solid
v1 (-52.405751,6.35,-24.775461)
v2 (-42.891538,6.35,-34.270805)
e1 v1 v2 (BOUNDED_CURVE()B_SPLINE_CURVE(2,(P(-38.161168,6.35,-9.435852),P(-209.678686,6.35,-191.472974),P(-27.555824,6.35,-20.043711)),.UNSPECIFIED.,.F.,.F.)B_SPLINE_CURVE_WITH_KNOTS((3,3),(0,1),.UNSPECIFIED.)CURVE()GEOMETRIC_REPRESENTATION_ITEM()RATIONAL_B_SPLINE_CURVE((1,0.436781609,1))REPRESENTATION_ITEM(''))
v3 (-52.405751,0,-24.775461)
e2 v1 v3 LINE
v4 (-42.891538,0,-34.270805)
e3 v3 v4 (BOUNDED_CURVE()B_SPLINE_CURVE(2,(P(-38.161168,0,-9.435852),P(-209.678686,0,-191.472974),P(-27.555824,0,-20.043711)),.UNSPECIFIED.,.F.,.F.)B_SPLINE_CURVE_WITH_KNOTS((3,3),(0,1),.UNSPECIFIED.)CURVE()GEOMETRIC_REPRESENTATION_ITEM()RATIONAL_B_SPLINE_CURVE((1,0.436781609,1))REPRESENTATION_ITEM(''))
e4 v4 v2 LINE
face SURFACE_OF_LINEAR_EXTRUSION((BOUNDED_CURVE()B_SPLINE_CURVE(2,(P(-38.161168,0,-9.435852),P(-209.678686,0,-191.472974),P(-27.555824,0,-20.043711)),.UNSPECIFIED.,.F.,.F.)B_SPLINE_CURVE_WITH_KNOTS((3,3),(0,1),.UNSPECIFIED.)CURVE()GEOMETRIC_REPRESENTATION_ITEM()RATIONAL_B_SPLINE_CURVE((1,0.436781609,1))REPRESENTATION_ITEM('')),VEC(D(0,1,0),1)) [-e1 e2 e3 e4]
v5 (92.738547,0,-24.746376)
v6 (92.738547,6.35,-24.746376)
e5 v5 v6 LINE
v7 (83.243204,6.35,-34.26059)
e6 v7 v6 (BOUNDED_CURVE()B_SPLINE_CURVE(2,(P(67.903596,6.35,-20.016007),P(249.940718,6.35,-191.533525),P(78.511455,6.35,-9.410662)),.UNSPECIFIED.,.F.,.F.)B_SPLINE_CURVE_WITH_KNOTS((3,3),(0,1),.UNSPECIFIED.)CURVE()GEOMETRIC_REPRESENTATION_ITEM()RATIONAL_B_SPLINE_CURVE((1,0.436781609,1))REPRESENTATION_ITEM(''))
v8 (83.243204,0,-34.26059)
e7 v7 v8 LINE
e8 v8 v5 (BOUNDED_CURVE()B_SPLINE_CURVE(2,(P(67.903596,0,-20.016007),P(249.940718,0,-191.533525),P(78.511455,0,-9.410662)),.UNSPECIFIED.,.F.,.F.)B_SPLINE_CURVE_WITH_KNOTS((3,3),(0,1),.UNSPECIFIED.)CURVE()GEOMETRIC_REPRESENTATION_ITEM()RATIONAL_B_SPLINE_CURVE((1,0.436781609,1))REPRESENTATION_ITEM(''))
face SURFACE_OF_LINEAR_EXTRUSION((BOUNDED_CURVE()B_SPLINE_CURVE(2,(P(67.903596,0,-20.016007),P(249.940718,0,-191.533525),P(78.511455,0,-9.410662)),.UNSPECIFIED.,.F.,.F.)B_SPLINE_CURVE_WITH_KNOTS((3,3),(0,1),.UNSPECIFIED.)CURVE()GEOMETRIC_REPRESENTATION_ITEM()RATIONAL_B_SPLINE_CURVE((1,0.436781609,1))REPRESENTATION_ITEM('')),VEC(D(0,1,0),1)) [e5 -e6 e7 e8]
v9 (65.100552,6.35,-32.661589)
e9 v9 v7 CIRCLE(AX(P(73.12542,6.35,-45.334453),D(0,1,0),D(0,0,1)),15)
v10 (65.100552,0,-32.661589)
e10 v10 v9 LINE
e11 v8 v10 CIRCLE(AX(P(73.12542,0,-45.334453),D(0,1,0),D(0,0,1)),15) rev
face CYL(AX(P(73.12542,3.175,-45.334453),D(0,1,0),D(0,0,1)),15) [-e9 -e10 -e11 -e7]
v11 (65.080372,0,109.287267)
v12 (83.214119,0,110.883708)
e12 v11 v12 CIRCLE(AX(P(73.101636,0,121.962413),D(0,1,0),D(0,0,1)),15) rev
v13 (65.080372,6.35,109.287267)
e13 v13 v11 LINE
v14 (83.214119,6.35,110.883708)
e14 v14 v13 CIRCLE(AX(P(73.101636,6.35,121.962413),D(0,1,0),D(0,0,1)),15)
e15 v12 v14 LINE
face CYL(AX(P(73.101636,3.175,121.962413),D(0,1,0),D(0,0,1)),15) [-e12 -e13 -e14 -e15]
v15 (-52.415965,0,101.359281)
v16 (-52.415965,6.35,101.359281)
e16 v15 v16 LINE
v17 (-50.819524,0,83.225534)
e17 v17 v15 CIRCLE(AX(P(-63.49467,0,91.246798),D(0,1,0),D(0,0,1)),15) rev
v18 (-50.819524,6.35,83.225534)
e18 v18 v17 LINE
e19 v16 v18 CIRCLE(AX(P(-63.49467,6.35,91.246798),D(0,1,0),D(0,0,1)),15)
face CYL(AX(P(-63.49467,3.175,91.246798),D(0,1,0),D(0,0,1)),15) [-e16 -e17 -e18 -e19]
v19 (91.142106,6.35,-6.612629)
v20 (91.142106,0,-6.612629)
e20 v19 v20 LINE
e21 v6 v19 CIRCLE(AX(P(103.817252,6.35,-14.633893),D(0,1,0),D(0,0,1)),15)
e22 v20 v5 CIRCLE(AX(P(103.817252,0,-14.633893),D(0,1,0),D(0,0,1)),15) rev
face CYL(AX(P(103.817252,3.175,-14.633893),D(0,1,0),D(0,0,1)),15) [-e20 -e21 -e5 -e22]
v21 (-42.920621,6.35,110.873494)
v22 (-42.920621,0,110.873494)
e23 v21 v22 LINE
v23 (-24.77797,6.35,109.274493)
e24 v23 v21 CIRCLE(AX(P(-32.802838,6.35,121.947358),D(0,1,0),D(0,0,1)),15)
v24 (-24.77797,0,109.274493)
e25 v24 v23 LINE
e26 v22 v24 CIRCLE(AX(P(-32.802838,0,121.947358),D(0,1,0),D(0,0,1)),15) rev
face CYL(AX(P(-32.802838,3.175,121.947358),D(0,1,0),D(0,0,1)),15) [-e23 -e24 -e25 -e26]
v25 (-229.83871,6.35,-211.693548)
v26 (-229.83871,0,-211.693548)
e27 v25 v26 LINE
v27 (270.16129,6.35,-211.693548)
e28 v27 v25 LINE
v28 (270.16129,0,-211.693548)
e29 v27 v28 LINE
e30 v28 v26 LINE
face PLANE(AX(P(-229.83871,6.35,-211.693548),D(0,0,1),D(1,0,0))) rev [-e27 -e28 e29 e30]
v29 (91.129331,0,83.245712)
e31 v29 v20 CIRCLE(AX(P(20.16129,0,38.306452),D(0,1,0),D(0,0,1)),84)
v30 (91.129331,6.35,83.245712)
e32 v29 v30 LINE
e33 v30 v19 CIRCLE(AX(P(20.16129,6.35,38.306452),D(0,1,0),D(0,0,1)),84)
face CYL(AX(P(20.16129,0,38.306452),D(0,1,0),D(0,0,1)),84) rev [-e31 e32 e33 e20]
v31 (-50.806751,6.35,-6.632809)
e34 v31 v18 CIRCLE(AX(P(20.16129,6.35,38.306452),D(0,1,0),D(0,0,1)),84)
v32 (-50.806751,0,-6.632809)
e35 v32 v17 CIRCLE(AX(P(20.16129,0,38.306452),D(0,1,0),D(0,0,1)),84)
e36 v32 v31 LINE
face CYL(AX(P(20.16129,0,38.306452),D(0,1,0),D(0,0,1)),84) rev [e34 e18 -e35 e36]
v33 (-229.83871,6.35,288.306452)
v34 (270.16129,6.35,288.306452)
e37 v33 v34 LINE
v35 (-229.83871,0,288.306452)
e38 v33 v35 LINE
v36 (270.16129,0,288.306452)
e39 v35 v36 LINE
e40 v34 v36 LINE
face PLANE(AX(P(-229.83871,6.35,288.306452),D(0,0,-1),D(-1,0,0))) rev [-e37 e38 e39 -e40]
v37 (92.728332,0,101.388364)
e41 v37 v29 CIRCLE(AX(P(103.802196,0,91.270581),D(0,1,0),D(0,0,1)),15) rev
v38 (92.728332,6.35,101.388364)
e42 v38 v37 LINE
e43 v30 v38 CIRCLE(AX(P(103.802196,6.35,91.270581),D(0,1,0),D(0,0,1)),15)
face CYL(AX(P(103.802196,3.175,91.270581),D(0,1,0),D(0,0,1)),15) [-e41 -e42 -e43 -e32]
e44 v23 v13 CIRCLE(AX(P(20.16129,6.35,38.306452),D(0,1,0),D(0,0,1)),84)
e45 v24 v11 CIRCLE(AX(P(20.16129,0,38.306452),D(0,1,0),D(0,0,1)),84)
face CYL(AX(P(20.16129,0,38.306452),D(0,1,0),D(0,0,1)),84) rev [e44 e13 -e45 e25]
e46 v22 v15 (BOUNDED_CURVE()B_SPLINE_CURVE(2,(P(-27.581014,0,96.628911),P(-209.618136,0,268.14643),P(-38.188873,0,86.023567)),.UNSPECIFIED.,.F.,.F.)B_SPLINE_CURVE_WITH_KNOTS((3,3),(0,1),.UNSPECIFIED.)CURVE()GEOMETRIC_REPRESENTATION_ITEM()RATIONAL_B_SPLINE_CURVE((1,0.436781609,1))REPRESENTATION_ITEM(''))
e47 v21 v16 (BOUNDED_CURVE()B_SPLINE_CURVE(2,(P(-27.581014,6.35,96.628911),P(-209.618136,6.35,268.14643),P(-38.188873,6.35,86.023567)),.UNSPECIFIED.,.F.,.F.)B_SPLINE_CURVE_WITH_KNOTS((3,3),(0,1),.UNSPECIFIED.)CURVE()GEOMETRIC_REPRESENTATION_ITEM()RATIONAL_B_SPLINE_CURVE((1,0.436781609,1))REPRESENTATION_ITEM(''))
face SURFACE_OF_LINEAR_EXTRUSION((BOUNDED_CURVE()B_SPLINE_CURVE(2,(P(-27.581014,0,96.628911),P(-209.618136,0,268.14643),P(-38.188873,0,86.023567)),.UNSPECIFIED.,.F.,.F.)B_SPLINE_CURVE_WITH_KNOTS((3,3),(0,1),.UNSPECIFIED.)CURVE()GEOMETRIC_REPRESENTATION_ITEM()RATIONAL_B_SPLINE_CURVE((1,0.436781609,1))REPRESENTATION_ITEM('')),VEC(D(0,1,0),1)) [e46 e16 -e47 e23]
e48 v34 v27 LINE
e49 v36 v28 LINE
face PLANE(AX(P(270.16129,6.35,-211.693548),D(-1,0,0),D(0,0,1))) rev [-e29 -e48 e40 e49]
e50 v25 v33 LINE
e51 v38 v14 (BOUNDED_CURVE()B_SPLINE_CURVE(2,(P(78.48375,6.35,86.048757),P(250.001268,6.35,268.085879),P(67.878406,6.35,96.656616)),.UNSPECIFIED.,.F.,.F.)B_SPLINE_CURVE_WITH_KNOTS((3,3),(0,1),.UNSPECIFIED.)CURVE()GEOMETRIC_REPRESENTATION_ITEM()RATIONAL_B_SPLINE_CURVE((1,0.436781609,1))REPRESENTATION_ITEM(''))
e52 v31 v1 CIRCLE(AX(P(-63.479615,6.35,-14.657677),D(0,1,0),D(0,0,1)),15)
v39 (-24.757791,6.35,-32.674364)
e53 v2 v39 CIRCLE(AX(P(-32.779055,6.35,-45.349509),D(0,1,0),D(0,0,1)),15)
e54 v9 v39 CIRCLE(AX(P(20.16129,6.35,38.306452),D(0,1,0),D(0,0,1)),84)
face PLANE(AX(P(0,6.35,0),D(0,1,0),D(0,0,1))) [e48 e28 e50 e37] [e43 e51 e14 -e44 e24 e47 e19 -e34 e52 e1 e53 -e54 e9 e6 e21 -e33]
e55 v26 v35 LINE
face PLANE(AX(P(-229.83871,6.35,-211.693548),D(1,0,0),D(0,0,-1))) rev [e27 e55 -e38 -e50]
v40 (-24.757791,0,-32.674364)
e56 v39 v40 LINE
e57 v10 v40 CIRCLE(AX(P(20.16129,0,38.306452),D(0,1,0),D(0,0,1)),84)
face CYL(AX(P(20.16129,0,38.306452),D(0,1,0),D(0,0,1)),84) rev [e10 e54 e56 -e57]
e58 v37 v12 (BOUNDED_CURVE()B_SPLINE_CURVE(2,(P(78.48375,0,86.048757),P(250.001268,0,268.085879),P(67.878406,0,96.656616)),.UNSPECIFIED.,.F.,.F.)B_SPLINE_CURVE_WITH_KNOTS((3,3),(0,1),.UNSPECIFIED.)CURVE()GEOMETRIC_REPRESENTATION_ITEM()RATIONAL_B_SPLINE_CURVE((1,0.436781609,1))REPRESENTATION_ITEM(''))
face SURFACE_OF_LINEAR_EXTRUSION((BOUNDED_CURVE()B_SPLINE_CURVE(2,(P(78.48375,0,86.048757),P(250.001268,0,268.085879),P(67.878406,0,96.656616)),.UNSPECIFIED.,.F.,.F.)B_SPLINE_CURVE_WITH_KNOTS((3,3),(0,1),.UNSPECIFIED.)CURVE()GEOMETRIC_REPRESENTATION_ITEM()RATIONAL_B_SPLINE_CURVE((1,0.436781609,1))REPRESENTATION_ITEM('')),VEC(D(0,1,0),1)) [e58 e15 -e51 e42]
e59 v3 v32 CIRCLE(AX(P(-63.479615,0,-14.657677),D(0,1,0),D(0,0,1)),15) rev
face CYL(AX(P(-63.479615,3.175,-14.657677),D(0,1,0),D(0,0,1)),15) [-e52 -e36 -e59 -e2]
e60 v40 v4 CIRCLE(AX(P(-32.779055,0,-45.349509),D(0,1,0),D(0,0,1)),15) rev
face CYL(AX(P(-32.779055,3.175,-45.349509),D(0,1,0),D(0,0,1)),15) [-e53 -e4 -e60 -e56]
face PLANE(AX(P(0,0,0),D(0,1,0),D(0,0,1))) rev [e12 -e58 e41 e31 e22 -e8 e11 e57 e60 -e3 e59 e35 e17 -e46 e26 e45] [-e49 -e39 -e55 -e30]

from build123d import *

# Parameters (mm, degrees)
SKETCH1_W           = 500
SKETCH1_H           = 500
BOSS_EXTRUDE1_DEPTH = 6.35
SKETCH2_R           = 84
CUT_EXTRUDE1_DEPTH  = 6.35
CUT_EXTRUDE2_DEPTH  = 6.35
FILLET1_R           = 15


with BuildPart() as part:
    # Sketch1 → Boss-Extrude1 (new body)
    with BuildSketch(Plane(origin=(0, 0, 0), x_dir=(1, 0, 0), z_dir=(0, 1, 0))):
        with Locations((20.161290323, -38.306451613)):
            Rectangle(SKETCH1_W, SKETCH1_H)
    extrude(amount=BOSS_EXTRUDE1_DEPTH)

    # Sketch2 → Cut-Extrude1 (cut)
    with BuildSketch(Plane(origin=(0, 6.35, 0), x_dir=(1, 0, 0), z_dir=(0, 1, 0))):
        with Locations(Location((20.161290323, -38.306451613, 0), (0, 0, 270))):
            Circle(SKETCH2_R)
    extrude(amount=-CUT_EXTRUDE1_DEPTH, mode=Mode.SUBTRACT)

    # Sketch3 → Cut-Extrude2 (cut)
    with BuildSketch(Plane(origin=(0, 6.35, 0), x_dir=(1, 0, 0), z_dir=(0, 1, 0))):
        with BuildLine():
            Line((-38.161167808, 9.435852288), (-27.555823691, 20.043711457))
            add(Edge.make_bspline(
                [(-38.161167808, 9.435852288), (-209.678686167, 191.47297422), (-27.555823691, 20.043711457)],
                knots=[0, 0, 0, 1, 1, 1], degree=2, weights=[1, 0.436781609, 1]))
        make_face()
        with BuildLine():
            Line((-27.581013578, -96.628911245), (-38.188872748, -86.023567127))
            add(Edge.make_bspline(
                [(-27.581013578, -96.628911245), (-209.61813551, -268.146429603), (-38.188872748, -86.023567127)],
                knots=[0, 0, 0, 1, 1, 1], degree=2, weights=[1, 0.436781609, 1]))
        make_face()
        with BuildLine():
            Line((78.483749955, -86.048757015), (67.878405837, -96.656616184))
            add(Edge.make_bspline(
                [(78.483749955, -86.048757015), (250.001268313, -268.085878946), (67.878405837, -96.656616184)],
                knots=[0, 0, 0, 1, 1, 1], degree=2, weights=[1, 0.436781609, 1]))
        make_face()
        with BuildLine():
            Line((67.903595725, 20.016006518), (78.511454894, 9.410662401))
            add(Edge.make_bspline(
                [(67.903595725, 20.016006518), (249.940717656, 191.533524877), (78.511454894, 9.410662401)],
                knots=[0, 0, 0, 1, 1, 1], degree=2, weights=[1, 0.436781609, 1]))
        make_face()
    extrude(amount=-CUT_EXTRUDE2_DEPTH, mode=Mode.SUBTRACT)

    # Fillet1
    fillet1_edges = [part.edges().sort_by_distance(p)[0] for p in [
        (-33.927432607, 3.175, 102.574717902),
        (-44.128484725, 3.175, 92.369607499),
        (84.429555949, 3.175, 92.395175331),
        (74.224445361, 3.175, 102.596227373),
        (-44.106975254, 3.175, -15.782272163),
        (-33.901864775, 3.175, -25.983324098),
        (74.250014887, 3.175, -25.961813301),
        (84.451066746, 3.175, -15.756702637),
    ]]
    fillet(fillet1_edges, radius=FILLET1_R)


solid = part.part
